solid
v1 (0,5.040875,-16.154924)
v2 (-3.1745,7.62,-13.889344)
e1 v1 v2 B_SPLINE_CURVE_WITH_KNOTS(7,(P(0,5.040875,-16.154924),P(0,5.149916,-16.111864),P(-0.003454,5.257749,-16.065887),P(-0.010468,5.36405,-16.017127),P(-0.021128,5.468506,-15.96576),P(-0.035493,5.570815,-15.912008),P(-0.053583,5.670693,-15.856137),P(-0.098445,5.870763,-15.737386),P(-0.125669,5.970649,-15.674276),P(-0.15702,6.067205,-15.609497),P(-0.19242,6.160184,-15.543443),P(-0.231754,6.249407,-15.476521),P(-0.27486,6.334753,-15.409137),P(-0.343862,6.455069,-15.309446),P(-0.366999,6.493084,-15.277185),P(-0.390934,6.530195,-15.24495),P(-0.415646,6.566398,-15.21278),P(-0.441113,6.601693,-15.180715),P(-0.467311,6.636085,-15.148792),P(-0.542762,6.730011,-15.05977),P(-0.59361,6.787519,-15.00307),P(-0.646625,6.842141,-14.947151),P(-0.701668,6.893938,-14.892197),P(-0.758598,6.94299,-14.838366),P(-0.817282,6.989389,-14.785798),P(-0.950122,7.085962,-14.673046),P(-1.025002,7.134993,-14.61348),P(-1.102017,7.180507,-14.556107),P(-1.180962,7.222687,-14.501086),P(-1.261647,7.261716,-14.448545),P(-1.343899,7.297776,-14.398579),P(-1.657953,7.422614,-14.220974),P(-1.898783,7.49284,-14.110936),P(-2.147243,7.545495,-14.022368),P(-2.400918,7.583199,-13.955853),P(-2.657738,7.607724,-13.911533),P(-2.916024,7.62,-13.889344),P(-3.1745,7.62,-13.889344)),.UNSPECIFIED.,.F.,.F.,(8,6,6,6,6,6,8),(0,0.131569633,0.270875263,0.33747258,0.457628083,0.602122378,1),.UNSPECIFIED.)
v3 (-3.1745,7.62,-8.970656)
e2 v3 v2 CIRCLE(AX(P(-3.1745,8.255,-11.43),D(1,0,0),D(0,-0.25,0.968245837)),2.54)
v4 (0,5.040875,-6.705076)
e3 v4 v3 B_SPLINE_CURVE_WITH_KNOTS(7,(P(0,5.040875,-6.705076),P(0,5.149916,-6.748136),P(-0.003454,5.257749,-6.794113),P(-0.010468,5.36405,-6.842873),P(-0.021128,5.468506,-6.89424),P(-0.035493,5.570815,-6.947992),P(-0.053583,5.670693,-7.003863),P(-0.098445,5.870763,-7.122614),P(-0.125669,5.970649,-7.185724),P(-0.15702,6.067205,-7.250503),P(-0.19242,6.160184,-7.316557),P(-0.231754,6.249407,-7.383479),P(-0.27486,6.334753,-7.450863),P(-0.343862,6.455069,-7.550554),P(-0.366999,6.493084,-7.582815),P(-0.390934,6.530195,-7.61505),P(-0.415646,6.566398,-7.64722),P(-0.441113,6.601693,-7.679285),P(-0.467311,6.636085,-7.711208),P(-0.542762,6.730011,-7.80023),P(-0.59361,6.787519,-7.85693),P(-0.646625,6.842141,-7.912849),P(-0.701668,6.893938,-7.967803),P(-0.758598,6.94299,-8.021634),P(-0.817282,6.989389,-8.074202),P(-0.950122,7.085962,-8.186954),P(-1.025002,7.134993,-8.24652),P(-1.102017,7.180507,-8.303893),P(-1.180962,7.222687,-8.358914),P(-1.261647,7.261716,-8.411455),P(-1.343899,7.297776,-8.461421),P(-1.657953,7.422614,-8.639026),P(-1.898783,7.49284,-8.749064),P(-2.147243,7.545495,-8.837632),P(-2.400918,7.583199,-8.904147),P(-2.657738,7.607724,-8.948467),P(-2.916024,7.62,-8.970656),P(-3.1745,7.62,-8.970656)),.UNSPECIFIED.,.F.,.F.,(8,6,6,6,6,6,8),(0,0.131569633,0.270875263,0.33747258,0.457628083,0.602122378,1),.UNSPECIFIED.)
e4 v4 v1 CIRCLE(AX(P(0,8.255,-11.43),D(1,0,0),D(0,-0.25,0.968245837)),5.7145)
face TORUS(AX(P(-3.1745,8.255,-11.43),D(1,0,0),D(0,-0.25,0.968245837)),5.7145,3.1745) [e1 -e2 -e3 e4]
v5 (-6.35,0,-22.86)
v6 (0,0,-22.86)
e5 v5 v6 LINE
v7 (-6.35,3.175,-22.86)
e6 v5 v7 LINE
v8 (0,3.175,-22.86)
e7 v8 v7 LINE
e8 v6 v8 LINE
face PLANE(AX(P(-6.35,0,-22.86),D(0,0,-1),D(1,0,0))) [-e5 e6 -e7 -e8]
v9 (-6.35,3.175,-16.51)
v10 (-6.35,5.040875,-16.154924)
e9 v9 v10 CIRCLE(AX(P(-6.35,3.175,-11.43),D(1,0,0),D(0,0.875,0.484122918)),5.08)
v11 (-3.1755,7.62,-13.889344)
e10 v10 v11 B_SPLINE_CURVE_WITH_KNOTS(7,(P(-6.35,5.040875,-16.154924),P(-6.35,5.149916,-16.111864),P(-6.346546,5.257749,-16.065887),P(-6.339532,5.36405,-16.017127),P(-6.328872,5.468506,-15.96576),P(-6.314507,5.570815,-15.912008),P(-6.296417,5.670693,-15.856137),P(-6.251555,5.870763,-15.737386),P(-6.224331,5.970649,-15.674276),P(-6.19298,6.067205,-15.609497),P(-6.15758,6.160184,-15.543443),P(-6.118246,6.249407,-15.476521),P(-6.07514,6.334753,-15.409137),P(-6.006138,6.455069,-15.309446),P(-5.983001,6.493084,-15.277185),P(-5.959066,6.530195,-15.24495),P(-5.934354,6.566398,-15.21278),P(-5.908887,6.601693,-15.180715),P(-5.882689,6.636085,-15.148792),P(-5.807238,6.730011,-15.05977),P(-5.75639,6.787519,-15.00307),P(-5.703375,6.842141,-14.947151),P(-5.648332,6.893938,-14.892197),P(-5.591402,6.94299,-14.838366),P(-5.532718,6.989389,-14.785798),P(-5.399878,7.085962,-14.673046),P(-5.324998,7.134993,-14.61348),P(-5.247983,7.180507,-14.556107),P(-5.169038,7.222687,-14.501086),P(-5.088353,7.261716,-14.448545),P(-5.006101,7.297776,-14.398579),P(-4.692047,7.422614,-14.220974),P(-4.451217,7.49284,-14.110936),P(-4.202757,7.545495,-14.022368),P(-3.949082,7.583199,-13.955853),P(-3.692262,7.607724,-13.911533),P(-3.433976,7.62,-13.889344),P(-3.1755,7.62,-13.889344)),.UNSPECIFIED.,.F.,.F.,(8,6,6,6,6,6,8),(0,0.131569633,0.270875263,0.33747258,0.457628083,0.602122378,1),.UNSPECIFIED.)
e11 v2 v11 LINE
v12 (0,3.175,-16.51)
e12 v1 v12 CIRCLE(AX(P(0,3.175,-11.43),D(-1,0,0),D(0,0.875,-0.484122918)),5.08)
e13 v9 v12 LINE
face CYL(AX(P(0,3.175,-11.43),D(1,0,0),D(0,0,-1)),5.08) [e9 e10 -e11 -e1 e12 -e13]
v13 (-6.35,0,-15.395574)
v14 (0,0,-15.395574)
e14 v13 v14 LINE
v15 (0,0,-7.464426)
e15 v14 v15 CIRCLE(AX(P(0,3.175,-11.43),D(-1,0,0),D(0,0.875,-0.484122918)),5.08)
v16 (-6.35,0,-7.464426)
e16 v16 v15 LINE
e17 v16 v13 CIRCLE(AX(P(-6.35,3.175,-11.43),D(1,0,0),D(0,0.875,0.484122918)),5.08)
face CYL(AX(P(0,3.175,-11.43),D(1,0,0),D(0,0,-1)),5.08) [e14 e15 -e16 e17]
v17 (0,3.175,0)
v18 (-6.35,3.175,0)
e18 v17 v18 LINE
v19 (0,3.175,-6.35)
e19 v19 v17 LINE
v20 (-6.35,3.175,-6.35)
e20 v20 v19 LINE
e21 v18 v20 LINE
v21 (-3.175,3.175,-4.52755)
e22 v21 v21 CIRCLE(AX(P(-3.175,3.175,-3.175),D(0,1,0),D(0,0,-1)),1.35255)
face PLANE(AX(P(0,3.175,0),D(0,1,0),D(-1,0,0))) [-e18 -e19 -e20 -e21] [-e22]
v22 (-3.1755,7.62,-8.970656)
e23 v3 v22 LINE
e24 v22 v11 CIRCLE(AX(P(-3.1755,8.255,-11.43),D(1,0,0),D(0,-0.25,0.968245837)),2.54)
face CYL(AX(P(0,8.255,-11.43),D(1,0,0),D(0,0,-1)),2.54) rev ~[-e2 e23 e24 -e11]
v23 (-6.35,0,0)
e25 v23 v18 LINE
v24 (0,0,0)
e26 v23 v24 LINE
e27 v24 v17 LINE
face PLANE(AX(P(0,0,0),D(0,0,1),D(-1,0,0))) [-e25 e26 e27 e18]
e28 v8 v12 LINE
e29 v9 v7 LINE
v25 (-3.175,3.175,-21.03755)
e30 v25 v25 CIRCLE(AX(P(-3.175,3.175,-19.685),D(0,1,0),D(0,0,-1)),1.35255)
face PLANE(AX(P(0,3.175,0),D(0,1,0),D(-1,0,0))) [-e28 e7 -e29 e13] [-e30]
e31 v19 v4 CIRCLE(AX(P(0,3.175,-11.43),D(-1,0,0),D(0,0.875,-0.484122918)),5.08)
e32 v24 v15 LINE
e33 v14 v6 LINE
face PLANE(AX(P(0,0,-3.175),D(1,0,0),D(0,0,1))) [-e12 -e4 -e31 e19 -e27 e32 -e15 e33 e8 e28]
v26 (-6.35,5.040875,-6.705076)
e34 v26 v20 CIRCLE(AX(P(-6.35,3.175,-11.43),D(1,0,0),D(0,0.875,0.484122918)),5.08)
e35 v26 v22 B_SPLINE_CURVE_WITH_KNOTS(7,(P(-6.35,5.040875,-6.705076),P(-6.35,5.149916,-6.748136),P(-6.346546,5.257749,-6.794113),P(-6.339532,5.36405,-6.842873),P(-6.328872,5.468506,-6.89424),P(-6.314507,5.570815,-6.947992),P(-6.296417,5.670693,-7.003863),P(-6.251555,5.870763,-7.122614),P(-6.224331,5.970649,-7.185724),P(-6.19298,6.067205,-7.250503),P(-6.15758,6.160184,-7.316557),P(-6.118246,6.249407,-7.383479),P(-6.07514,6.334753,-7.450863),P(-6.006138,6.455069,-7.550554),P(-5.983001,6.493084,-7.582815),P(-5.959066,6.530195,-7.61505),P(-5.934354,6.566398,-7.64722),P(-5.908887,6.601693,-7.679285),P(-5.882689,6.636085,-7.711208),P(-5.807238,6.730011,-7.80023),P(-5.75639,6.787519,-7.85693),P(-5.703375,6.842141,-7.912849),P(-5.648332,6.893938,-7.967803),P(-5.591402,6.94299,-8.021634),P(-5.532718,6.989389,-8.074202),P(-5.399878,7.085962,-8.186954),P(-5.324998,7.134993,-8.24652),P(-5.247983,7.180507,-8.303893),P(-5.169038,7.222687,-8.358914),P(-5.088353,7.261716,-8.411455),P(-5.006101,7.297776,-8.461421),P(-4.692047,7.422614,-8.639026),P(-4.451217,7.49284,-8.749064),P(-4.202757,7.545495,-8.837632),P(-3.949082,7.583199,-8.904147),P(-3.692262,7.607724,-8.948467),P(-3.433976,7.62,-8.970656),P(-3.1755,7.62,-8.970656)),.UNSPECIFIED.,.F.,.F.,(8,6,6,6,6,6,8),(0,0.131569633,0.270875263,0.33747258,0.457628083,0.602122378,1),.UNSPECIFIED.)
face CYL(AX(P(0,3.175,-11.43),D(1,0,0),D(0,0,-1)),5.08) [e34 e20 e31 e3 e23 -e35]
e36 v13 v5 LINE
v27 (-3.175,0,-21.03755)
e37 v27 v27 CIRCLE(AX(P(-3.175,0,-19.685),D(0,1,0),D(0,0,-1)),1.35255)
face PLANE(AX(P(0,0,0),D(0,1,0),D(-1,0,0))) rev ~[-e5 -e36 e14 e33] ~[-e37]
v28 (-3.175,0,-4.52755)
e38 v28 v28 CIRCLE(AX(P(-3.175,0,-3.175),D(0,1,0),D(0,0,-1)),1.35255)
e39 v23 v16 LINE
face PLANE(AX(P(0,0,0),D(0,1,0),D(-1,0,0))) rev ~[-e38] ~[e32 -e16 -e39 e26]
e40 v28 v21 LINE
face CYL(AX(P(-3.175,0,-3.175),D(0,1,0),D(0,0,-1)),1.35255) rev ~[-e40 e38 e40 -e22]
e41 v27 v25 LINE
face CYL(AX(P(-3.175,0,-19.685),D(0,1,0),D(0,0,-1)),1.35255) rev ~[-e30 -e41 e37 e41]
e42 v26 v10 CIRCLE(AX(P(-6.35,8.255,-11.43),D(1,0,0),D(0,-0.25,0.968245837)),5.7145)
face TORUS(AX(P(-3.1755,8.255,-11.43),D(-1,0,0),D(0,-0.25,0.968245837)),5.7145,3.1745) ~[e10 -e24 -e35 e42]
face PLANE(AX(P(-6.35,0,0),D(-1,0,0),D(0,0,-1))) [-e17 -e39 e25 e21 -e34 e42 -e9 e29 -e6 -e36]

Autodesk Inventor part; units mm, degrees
ref_plane "YZ Plane" through (0, 0, 0) normal (1, 0, 0) x (0, 1, 0)
ref_plane "XZ Plane" through (0, 0, 0) normal (0, 1, 0) x (-1, 0, 0)
ref_plane "XY Plane" through (0, 0, 0) normal (0, 0, 1) x (1, 0, 0)
sketch "Sketch1" plane through (0, 0, 0) normal (0, 1, 0) x (-1, 0, 0)
  line L0 (0, 0) -> (6.35, 0)
  line L1 (6.35, 0) -> (6.35, -22.86)
  line L2 (6.35, -22.86) -> (0, -22.86)
  line L3 (0, -22.86) -> (0, 0)
  line L4 (0, 0) -> (3.175, 0)
  line L5 (3.175, 0) -> (3.175, -3.175)
  line L6 (3.175, -3.175) -> (0, -3.175)
  line L7 (0, -3.175) -> (0, 0)
  line L8 (0, -22.86) -> (3.175, -22.86)
  line L9 (3.175, -22.86) -> (3.175, -19.685)
  line L10 (3.175, -19.685) -> (0, -19.685)
  line L11 (0, -19.685) -> (0, -22.86)
  dimension "d0" = 6.35
  dimension "d1" = 22.86
  dimension "d2" = 3.175
  dimension "d3" = 3.175
  dimension "d4" = 3.175
  dimension "d5" = 3.175
extrude "Extrusion1" add sketch "Sketch1" along normal blind 3.175
hole "Hole1" at (-3.175, 0, -3.175) at (-3.175, 0, -19.685) direction (0, 1, 0) diameter 2.7051 depth 6.35
sketch "Sketch2" plane through (0, 0, 0) normal (1, 0, 0) x (0, 0, -1)
  line L0 (0, 3.175) -> (22.86, 3.175) projected
  circle A0 centre (11.43, 3.175) radius 5.08
  circle A1 centre (11.43, 8.255) radius 2.54
  point P0 (0, 0)
  point P1 (13.8893, 7.62)
  point P2 (8.9707, 7.62)
  point P3 (6.35, 3.175)
  point P4 (16.51, 3.175)
  dimension "d15" = 10.16
  dimension "d16" = 5.08
extrude "Extrusion2" add sketch "Sketch2" against normal blind 6.35 contours A0 A1 L0 | L0 A0
fillet "Fillet1" radius 3.175 2 edges at (0, 5.715, -11.43) (-6.35, 5.715, -11.43)
properties part number "DualSensorReadout - CableClamp"
